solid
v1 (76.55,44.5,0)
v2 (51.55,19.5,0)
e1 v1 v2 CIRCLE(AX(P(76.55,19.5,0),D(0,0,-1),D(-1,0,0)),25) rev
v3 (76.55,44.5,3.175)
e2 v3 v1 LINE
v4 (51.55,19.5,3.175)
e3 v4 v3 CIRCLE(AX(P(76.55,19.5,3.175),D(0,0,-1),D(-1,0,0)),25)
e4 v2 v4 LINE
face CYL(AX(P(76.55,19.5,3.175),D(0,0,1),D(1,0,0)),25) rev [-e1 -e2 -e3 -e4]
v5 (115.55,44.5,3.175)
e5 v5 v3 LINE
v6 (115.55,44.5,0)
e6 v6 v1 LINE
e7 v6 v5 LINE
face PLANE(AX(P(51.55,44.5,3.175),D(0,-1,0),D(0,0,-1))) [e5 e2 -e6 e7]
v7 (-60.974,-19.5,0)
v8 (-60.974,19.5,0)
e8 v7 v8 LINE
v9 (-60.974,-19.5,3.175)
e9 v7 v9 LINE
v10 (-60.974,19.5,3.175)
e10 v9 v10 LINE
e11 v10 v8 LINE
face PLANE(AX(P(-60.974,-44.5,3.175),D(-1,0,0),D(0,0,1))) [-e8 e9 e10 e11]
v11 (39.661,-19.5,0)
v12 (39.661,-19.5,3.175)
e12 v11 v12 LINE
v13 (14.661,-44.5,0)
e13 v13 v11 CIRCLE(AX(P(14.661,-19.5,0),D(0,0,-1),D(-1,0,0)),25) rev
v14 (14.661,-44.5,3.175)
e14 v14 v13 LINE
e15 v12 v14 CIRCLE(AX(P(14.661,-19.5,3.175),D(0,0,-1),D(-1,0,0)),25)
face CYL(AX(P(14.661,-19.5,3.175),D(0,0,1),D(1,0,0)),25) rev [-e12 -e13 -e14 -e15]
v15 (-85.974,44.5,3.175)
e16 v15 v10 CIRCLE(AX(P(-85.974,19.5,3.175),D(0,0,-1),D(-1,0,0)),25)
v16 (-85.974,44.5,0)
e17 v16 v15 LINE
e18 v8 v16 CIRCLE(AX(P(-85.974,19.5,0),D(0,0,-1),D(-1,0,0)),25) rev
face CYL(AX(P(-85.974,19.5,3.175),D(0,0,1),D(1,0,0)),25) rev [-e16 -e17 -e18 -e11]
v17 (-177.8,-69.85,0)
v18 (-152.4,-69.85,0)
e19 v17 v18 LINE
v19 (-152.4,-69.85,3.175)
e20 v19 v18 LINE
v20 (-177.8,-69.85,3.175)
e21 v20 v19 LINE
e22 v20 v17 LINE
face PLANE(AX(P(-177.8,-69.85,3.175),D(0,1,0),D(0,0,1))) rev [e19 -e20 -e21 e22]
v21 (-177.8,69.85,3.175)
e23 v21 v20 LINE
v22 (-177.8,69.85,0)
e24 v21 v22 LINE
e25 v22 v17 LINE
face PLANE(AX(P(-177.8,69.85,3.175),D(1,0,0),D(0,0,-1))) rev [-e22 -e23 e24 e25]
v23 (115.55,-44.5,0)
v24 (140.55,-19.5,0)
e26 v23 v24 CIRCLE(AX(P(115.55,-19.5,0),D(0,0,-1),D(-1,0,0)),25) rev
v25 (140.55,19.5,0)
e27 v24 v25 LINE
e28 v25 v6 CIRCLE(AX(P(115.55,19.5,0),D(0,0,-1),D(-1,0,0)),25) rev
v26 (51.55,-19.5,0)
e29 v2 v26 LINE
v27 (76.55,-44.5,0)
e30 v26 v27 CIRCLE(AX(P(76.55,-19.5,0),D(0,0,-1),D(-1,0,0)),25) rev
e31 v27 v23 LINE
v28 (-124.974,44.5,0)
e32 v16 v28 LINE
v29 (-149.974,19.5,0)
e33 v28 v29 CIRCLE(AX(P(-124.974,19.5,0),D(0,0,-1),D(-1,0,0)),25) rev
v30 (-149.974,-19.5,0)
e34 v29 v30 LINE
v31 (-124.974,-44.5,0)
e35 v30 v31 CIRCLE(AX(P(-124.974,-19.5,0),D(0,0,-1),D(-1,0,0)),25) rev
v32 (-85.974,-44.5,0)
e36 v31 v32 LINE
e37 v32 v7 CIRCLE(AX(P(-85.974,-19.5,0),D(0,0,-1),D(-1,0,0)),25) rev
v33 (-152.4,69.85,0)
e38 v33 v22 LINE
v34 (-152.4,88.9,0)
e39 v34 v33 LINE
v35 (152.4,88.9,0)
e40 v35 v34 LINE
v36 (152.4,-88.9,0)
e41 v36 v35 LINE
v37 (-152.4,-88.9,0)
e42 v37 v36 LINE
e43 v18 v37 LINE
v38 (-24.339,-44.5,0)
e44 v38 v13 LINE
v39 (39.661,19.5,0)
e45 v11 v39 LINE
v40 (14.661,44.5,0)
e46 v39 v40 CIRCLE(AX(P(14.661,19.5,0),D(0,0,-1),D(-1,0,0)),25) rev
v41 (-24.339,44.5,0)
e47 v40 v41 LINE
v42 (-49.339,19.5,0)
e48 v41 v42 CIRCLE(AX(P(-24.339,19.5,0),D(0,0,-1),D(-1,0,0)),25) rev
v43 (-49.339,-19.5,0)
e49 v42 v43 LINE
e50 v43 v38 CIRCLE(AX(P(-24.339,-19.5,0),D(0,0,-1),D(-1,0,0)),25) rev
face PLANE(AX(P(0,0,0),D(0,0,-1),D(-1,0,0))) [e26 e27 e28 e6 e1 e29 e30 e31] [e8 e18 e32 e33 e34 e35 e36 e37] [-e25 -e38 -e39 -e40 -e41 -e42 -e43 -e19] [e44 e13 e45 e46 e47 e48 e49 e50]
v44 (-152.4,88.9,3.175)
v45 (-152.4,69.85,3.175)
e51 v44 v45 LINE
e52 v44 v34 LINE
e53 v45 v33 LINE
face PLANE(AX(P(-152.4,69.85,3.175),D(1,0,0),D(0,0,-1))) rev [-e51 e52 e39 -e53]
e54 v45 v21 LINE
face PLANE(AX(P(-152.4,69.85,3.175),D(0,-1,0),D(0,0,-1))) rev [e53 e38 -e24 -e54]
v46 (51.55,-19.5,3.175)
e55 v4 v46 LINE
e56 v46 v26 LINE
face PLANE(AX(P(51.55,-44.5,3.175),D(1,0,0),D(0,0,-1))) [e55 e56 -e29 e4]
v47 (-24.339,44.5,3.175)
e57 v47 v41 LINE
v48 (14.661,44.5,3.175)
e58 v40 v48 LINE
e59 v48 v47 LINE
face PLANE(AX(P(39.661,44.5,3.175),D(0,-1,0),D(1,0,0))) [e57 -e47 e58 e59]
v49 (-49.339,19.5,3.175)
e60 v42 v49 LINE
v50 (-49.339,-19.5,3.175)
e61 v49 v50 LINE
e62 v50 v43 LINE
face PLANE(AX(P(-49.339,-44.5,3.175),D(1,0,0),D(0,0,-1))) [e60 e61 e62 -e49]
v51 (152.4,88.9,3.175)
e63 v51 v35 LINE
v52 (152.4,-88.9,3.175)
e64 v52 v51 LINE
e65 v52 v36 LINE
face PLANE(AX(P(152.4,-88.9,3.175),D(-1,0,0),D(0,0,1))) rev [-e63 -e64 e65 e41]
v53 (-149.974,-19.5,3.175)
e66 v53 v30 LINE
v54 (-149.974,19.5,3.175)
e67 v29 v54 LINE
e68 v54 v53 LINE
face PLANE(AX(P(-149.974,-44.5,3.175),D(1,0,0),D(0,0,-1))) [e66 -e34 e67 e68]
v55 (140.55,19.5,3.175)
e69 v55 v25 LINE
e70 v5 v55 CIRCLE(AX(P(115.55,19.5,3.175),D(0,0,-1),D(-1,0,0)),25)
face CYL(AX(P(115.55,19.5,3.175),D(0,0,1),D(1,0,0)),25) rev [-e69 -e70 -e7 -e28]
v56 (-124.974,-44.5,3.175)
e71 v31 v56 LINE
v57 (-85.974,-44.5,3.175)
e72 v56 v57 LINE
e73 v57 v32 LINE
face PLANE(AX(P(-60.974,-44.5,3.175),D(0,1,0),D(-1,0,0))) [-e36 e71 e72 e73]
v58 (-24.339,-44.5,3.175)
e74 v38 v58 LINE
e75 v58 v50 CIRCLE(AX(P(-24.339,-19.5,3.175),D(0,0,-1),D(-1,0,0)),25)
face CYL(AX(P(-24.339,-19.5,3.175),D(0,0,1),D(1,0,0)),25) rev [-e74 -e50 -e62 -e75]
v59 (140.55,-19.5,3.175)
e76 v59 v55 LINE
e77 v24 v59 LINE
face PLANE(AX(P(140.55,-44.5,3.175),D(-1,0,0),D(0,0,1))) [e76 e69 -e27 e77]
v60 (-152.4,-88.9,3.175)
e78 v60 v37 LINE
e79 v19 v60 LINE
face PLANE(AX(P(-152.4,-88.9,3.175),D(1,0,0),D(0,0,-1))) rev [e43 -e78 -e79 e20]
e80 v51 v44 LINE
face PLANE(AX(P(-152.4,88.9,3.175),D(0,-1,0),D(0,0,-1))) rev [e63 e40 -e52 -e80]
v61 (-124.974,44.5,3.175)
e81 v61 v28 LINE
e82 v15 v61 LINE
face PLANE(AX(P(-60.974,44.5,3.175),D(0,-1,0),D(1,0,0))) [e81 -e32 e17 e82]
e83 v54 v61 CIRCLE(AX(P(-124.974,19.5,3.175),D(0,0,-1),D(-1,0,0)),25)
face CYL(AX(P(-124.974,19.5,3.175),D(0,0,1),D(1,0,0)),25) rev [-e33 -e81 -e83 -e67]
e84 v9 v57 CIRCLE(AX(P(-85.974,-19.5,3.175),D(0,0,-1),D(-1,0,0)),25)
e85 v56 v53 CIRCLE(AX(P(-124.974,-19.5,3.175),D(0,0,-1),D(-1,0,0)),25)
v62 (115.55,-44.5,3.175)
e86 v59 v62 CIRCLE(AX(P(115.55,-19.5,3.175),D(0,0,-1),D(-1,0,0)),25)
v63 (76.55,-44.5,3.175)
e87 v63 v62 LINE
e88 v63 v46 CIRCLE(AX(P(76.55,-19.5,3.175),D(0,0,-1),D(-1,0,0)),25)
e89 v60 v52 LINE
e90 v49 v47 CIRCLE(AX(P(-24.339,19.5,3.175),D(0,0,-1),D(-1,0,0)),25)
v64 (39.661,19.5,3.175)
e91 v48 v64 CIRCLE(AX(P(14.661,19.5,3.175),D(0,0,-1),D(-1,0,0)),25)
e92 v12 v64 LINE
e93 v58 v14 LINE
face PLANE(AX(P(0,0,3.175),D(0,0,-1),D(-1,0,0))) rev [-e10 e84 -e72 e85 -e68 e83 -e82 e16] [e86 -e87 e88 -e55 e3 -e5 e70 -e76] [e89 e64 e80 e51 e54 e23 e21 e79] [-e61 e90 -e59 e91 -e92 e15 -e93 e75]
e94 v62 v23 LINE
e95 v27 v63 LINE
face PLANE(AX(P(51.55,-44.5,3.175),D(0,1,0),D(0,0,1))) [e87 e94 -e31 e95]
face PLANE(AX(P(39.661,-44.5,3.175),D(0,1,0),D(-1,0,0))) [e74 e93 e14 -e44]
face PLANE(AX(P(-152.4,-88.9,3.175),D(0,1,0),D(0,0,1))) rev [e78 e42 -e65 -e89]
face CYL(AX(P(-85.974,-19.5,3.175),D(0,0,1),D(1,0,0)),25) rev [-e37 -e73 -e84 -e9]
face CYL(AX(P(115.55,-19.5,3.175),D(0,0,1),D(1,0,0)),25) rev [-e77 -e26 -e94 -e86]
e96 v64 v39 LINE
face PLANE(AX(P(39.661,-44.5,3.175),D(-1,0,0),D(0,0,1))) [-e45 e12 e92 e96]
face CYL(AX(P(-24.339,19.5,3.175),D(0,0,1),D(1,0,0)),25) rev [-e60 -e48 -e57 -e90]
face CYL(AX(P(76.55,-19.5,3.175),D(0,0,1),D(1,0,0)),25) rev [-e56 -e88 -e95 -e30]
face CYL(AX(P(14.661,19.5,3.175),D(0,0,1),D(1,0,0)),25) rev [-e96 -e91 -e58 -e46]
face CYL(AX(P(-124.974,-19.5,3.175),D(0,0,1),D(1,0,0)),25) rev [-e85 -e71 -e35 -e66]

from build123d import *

# Parameters (mm, degrees)
SKETCH1_W           = 89
SKETCH1_H           = 89
BOSS_EXTRUDE1_DEPTH = 3.175
FILLET1_R           = 25


with BuildPart() as part:
    # Sketch1 → Boss-Extrude1 (new body)
    with BuildSketch(Plane.XY):
        Polygon((-152.4, 69.85), (-177.8, 69.85), (-177.8, -69.85), (-152.4, -69.85), (-152.4, -88.9), (152.4, -88.9), (152.4, 88.9), (-152.4, 88.9), align=None)
        with Locations((96.05, 0)):
            Rectangle(SKETCH1_W, SKETCH1_H, mode=Mode.SUBTRACT)
        with Locations((-105.474, 0)):
            Rectangle(SKETCH1_W, SKETCH1_H, mode=Mode.SUBTRACT)
        with Locations((-4.839, 0)):
            Rectangle(SKETCH1_W, SKETCH1_H, mode=Mode.SUBTRACT)
    extrude(amount=BOSS_EXTRUDE1_DEPTH)

    # Fillet1
    fillet1_edges = [part.edges().sort_by_distance(p)[0] for p in [
        (140.55, -44.5, 1.5875),
        (140.55, 44.5, 1.5875),
        (51.55, 44.5, 1.5875),
        (51.55, -44.5, 1.5875),
        (-149.974, 44.5, 1.5875),
        (-149.974, -44.5, 1.5875),
        (-60.974, -44.5, 1.5875),
        (-60.974, 44.5, 1.5875),
        (-49.339, 44.5, 1.5875),
        (-49.339, -44.5, 1.5875),
        (39.661, -44.5, 1.5875),
        (39.661, 44.5, 1.5875),
    ]]
    fillet(fillet1_edges, radius=FILLET1_R)


solid = part.part
